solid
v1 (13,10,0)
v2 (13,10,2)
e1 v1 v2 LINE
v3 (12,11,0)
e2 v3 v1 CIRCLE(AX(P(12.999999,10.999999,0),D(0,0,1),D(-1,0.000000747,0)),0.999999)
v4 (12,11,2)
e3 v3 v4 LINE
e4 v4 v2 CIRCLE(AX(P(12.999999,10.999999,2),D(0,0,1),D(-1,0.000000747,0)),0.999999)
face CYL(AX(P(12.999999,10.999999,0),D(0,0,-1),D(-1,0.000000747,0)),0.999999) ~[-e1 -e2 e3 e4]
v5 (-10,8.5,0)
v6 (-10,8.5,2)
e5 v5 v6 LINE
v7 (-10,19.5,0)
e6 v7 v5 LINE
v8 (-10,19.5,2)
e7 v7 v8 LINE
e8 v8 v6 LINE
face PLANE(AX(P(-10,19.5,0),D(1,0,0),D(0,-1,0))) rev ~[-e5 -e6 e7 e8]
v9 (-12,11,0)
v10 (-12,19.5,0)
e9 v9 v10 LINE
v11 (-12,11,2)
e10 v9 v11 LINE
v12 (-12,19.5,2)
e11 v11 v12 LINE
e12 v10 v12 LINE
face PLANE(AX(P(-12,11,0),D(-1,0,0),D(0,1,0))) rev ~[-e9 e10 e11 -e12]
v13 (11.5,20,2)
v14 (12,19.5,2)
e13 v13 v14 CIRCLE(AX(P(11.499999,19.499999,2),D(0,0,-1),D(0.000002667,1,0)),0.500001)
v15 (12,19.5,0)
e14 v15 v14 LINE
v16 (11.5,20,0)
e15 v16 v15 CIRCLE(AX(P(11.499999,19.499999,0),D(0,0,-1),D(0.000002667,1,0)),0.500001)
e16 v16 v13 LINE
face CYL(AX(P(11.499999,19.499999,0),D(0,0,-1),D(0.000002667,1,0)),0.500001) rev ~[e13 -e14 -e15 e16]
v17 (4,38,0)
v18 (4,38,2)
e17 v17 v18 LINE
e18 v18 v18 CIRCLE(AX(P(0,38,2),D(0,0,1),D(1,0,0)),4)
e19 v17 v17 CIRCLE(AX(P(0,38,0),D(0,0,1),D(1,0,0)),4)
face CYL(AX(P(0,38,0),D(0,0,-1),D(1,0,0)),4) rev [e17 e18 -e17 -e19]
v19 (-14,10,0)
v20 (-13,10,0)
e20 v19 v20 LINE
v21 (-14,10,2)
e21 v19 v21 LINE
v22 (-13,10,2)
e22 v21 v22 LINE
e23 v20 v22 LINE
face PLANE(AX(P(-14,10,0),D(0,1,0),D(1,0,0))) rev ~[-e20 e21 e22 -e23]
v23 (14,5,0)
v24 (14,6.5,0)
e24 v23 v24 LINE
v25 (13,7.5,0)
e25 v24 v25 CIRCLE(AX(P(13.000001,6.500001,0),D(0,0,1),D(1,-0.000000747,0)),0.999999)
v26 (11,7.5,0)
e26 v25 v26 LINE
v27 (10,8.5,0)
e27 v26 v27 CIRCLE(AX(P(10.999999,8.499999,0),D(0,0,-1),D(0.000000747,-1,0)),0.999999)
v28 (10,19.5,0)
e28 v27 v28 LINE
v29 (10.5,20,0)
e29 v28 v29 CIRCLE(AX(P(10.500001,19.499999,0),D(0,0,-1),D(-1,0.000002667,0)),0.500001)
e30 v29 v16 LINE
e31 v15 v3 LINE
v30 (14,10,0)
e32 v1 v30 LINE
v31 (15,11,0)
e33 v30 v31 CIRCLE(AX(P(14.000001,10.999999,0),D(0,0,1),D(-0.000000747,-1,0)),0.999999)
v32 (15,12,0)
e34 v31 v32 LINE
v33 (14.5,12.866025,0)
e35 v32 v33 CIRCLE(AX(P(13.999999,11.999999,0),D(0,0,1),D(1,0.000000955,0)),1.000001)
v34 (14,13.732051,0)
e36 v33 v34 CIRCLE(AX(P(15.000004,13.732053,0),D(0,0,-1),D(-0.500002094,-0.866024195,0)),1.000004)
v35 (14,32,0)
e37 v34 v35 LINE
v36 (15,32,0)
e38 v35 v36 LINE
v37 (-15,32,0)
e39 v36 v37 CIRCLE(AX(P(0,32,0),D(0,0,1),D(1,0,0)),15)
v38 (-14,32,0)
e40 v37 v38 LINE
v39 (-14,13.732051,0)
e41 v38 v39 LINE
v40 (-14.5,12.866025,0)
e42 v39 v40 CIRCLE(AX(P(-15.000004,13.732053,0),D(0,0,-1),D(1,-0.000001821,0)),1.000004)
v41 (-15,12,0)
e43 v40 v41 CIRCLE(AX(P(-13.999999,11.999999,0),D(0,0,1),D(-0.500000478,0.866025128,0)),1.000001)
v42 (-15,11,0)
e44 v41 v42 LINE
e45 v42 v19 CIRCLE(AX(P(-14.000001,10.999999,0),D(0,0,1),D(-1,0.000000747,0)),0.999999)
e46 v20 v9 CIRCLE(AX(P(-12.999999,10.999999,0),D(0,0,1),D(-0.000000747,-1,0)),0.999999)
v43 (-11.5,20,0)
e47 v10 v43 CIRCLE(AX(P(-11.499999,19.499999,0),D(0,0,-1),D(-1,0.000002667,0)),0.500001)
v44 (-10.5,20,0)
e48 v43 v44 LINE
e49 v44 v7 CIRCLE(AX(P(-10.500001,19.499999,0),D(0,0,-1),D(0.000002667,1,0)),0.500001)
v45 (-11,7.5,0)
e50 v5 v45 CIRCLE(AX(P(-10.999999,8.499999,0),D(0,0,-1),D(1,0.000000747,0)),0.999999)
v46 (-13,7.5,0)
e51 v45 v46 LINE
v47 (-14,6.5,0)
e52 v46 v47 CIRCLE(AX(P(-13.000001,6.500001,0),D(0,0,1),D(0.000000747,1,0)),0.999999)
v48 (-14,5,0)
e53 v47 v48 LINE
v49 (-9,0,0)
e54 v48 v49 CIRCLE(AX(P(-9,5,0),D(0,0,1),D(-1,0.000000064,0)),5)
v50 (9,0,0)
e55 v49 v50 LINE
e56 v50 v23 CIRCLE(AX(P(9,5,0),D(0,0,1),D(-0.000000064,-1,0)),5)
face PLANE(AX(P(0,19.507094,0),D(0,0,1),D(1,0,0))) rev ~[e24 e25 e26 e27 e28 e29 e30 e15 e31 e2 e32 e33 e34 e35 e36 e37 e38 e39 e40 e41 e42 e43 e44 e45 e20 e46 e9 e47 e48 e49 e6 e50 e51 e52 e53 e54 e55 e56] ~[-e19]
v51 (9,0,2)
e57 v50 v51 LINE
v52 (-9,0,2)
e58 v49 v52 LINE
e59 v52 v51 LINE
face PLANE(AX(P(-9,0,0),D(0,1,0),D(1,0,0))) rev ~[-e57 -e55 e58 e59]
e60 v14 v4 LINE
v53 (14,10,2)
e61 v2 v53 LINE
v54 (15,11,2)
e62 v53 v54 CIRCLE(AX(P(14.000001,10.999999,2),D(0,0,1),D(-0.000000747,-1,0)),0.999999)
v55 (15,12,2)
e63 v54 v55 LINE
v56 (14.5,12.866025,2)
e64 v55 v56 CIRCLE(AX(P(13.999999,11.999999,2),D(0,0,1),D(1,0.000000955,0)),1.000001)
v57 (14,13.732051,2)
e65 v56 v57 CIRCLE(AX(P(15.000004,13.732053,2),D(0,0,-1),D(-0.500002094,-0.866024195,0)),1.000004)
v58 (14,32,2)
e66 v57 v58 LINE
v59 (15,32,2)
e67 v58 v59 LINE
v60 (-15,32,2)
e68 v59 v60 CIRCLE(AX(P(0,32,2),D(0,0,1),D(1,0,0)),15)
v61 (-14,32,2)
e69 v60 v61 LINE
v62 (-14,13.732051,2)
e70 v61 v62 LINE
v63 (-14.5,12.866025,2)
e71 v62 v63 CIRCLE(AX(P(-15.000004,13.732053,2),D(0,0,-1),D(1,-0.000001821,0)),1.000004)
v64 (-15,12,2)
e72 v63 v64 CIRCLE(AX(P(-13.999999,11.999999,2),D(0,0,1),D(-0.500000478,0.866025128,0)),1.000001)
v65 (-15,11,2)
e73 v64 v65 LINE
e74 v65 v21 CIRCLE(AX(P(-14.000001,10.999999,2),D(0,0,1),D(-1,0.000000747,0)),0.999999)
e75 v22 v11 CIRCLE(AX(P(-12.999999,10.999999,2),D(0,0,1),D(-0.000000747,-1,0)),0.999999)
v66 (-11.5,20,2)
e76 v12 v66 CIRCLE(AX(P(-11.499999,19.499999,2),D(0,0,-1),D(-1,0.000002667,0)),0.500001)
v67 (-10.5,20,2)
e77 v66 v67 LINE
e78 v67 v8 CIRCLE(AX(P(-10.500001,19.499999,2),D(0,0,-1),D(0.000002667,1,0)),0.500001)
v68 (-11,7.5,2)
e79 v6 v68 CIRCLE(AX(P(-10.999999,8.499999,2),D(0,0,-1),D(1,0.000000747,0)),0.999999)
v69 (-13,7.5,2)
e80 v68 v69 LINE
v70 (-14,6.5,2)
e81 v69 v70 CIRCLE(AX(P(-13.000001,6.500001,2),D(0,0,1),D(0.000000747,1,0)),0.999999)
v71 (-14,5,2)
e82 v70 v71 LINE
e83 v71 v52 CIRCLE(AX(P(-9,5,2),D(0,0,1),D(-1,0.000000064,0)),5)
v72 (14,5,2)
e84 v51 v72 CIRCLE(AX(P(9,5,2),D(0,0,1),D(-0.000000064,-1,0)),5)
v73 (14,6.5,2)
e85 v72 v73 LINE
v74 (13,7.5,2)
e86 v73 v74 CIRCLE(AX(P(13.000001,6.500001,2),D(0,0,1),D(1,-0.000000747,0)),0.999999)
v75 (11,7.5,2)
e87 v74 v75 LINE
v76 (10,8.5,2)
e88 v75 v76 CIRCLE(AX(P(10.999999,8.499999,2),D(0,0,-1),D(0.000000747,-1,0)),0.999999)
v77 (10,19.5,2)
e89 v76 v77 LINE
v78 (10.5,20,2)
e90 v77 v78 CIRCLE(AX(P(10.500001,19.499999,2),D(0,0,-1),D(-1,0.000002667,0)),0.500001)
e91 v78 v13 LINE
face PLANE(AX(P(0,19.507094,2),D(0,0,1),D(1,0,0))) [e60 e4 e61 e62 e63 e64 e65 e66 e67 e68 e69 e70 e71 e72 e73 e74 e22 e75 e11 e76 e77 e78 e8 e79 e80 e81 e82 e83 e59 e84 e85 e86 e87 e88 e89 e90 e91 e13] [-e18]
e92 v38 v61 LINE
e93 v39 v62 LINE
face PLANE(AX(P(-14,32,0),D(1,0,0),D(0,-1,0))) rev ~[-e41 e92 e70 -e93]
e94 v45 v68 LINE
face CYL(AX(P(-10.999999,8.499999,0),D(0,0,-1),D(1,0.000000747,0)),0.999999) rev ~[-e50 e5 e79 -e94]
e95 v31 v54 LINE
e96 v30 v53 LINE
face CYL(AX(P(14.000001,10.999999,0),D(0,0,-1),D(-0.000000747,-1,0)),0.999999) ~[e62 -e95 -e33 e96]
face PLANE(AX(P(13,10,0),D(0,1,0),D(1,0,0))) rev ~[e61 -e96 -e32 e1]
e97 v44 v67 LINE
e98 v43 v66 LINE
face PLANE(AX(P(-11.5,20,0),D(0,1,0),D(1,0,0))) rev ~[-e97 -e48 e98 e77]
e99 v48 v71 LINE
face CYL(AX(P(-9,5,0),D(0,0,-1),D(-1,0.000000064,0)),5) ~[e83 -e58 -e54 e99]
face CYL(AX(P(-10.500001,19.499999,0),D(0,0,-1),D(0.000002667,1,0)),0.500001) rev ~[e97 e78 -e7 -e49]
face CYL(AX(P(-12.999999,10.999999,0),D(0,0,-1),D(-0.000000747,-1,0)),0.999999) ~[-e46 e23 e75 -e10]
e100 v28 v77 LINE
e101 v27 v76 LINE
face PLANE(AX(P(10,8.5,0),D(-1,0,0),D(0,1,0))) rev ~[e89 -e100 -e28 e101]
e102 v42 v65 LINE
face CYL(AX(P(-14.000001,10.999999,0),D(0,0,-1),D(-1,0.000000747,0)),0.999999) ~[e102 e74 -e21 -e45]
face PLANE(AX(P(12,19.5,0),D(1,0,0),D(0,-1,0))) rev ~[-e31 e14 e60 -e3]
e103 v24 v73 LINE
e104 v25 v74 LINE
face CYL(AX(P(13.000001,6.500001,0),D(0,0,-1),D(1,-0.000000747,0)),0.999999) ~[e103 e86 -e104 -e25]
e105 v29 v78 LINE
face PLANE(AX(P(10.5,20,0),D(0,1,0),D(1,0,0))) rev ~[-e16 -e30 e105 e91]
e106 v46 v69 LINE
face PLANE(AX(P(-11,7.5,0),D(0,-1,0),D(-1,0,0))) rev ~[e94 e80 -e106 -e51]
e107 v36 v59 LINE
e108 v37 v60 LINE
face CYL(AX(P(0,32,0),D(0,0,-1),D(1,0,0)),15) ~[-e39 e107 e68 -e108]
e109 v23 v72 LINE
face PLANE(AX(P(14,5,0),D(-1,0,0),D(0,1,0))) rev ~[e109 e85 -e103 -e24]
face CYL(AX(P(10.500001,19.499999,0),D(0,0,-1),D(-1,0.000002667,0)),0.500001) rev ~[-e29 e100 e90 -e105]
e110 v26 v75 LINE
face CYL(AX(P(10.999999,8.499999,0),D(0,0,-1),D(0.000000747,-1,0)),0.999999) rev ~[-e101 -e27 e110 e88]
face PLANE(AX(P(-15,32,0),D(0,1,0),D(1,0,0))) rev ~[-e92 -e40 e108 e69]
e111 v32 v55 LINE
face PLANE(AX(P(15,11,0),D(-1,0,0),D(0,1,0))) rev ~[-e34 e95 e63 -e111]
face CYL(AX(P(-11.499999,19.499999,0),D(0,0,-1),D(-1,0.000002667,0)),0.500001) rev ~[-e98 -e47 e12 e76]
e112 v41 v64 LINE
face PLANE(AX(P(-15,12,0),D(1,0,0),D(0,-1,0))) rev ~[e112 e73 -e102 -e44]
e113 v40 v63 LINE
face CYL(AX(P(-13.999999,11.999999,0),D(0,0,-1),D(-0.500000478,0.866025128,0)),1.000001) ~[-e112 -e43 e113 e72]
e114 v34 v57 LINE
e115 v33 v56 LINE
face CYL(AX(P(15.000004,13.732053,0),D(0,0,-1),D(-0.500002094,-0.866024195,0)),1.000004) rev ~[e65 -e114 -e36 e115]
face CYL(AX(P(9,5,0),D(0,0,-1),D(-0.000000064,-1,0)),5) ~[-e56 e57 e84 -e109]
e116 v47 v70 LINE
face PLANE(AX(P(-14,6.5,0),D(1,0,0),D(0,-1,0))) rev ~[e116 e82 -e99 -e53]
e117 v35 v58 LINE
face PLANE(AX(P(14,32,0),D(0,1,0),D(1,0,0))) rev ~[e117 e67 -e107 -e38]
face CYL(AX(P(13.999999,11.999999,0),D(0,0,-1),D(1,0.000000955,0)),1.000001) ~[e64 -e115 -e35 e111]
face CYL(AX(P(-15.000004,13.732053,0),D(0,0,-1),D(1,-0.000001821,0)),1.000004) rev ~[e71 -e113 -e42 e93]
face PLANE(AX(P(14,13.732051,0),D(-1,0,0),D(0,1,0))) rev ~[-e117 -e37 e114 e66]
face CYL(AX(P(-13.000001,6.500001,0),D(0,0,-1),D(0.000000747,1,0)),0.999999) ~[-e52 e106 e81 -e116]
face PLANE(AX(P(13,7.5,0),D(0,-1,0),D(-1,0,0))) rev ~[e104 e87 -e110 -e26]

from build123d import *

# Parameters (mm, degrees)
F0_R     = 4
F1_DEPTH = 2


with BuildPart() as f1:
    # F0 (on Top) → F1 (new body)
    with BuildSketch(Plane.XY):
        with BuildLine():
            ThreePointArc((-14, 5), (-12.535534, 1.464466), (-9, 0))
            Line((-9, 0), (9, 0))
            ThreePointArc((9, 0), (12.535534, 1.464466), (14, 5))
            Line((14, 5), (14, 6.5))
            ThreePointArc((14, 6.5), (13.707107, 7.207107), (13, 7.5))
            Line((13, 7.5), (11, 7.5))
            ThreePointArc((11, 7.5), (10.292893, 7.792893), (10, 8.5))
            Line((10, 8.5), (10, 19.5))
            ThreePointArc((10, 19.5), (10.146447, 19.853553), (10.5, 20))
            Line((10.5, 20), (11.5, 20))
            ThreePointArc((11.5, 20), (11.853553, 19.853553), (12, 19.5))
            Line((12, 19.5), (12, 11))
            ThreePointArc((12, 11), (12.292893, 10.292893), (13, 10))
            Line((13, 10), (14, 10))
            ThreePointArc((14, 10), (14.707107, 10.292893), (15, 11))
            Line((15, 11), (15, 12))
            ThreePointArc((15, 12), (14.866025, 12.5), (14.5, 12.866025))
            ThreePointArc((14.5, 12.866025), (14.133975, 13.232051), (14, 13.732051))
            Line((14, 13.732051), (14, 32))
            Line((14, 32), (15, 32))
            ThreePointArc((15, 32), (0, 47), (-15, 32))
            Line((-15, 32), (-14, 32))
            Line((-14, 32), (-14, 13.732051))
            ThreePointArc((-14, 13.732051), (-14.133975, 13.232051), (-14.5, 12.866025))
            ThreePointArc((-14.5, 12.866025), (-14.866025, 12.5), (-15, 12))
            Line((-15, 12), (-15, 11))
            ThreePointArc((-15, 11), (-14.707107, 10.292893), (-14, 10))
            Line((-14, 10), (-13, 10))
            ThreePointArc((-13, 10), (-12.292893, 10.292893), (-12, 11))
            Line((-12, 11), (-12, 19.5))
            ThreePointArc((-12, 19.5), (-11.853553, 19.853553), (-11.5, 20))
            Line((-11.5, 20), (-10.5, 20))
            ThreePointArc((-10.5, 20), (-10.146447, 19.853553), (-10, 19.5))
            Line((-10, 19.5), (-10, 8.5))
            ThreePointArc((-10, 8.5), (-10.292893, 7.792893), (-11, 7.5))
            Line((-11, 7.5), (-13, 7.5))
            ThreePointArc((-13, 7.5), (-13.707107, 7.207107), (-14, 6.5))
            Line((-14, 6.5), (-14, 5))
        make_face()
        with Locations((0, 38)):
            Circle(F0_R, mode=Mode.SUBTRACT)
    extrude(amount=F1_DEPTH)


solid = f1.part
